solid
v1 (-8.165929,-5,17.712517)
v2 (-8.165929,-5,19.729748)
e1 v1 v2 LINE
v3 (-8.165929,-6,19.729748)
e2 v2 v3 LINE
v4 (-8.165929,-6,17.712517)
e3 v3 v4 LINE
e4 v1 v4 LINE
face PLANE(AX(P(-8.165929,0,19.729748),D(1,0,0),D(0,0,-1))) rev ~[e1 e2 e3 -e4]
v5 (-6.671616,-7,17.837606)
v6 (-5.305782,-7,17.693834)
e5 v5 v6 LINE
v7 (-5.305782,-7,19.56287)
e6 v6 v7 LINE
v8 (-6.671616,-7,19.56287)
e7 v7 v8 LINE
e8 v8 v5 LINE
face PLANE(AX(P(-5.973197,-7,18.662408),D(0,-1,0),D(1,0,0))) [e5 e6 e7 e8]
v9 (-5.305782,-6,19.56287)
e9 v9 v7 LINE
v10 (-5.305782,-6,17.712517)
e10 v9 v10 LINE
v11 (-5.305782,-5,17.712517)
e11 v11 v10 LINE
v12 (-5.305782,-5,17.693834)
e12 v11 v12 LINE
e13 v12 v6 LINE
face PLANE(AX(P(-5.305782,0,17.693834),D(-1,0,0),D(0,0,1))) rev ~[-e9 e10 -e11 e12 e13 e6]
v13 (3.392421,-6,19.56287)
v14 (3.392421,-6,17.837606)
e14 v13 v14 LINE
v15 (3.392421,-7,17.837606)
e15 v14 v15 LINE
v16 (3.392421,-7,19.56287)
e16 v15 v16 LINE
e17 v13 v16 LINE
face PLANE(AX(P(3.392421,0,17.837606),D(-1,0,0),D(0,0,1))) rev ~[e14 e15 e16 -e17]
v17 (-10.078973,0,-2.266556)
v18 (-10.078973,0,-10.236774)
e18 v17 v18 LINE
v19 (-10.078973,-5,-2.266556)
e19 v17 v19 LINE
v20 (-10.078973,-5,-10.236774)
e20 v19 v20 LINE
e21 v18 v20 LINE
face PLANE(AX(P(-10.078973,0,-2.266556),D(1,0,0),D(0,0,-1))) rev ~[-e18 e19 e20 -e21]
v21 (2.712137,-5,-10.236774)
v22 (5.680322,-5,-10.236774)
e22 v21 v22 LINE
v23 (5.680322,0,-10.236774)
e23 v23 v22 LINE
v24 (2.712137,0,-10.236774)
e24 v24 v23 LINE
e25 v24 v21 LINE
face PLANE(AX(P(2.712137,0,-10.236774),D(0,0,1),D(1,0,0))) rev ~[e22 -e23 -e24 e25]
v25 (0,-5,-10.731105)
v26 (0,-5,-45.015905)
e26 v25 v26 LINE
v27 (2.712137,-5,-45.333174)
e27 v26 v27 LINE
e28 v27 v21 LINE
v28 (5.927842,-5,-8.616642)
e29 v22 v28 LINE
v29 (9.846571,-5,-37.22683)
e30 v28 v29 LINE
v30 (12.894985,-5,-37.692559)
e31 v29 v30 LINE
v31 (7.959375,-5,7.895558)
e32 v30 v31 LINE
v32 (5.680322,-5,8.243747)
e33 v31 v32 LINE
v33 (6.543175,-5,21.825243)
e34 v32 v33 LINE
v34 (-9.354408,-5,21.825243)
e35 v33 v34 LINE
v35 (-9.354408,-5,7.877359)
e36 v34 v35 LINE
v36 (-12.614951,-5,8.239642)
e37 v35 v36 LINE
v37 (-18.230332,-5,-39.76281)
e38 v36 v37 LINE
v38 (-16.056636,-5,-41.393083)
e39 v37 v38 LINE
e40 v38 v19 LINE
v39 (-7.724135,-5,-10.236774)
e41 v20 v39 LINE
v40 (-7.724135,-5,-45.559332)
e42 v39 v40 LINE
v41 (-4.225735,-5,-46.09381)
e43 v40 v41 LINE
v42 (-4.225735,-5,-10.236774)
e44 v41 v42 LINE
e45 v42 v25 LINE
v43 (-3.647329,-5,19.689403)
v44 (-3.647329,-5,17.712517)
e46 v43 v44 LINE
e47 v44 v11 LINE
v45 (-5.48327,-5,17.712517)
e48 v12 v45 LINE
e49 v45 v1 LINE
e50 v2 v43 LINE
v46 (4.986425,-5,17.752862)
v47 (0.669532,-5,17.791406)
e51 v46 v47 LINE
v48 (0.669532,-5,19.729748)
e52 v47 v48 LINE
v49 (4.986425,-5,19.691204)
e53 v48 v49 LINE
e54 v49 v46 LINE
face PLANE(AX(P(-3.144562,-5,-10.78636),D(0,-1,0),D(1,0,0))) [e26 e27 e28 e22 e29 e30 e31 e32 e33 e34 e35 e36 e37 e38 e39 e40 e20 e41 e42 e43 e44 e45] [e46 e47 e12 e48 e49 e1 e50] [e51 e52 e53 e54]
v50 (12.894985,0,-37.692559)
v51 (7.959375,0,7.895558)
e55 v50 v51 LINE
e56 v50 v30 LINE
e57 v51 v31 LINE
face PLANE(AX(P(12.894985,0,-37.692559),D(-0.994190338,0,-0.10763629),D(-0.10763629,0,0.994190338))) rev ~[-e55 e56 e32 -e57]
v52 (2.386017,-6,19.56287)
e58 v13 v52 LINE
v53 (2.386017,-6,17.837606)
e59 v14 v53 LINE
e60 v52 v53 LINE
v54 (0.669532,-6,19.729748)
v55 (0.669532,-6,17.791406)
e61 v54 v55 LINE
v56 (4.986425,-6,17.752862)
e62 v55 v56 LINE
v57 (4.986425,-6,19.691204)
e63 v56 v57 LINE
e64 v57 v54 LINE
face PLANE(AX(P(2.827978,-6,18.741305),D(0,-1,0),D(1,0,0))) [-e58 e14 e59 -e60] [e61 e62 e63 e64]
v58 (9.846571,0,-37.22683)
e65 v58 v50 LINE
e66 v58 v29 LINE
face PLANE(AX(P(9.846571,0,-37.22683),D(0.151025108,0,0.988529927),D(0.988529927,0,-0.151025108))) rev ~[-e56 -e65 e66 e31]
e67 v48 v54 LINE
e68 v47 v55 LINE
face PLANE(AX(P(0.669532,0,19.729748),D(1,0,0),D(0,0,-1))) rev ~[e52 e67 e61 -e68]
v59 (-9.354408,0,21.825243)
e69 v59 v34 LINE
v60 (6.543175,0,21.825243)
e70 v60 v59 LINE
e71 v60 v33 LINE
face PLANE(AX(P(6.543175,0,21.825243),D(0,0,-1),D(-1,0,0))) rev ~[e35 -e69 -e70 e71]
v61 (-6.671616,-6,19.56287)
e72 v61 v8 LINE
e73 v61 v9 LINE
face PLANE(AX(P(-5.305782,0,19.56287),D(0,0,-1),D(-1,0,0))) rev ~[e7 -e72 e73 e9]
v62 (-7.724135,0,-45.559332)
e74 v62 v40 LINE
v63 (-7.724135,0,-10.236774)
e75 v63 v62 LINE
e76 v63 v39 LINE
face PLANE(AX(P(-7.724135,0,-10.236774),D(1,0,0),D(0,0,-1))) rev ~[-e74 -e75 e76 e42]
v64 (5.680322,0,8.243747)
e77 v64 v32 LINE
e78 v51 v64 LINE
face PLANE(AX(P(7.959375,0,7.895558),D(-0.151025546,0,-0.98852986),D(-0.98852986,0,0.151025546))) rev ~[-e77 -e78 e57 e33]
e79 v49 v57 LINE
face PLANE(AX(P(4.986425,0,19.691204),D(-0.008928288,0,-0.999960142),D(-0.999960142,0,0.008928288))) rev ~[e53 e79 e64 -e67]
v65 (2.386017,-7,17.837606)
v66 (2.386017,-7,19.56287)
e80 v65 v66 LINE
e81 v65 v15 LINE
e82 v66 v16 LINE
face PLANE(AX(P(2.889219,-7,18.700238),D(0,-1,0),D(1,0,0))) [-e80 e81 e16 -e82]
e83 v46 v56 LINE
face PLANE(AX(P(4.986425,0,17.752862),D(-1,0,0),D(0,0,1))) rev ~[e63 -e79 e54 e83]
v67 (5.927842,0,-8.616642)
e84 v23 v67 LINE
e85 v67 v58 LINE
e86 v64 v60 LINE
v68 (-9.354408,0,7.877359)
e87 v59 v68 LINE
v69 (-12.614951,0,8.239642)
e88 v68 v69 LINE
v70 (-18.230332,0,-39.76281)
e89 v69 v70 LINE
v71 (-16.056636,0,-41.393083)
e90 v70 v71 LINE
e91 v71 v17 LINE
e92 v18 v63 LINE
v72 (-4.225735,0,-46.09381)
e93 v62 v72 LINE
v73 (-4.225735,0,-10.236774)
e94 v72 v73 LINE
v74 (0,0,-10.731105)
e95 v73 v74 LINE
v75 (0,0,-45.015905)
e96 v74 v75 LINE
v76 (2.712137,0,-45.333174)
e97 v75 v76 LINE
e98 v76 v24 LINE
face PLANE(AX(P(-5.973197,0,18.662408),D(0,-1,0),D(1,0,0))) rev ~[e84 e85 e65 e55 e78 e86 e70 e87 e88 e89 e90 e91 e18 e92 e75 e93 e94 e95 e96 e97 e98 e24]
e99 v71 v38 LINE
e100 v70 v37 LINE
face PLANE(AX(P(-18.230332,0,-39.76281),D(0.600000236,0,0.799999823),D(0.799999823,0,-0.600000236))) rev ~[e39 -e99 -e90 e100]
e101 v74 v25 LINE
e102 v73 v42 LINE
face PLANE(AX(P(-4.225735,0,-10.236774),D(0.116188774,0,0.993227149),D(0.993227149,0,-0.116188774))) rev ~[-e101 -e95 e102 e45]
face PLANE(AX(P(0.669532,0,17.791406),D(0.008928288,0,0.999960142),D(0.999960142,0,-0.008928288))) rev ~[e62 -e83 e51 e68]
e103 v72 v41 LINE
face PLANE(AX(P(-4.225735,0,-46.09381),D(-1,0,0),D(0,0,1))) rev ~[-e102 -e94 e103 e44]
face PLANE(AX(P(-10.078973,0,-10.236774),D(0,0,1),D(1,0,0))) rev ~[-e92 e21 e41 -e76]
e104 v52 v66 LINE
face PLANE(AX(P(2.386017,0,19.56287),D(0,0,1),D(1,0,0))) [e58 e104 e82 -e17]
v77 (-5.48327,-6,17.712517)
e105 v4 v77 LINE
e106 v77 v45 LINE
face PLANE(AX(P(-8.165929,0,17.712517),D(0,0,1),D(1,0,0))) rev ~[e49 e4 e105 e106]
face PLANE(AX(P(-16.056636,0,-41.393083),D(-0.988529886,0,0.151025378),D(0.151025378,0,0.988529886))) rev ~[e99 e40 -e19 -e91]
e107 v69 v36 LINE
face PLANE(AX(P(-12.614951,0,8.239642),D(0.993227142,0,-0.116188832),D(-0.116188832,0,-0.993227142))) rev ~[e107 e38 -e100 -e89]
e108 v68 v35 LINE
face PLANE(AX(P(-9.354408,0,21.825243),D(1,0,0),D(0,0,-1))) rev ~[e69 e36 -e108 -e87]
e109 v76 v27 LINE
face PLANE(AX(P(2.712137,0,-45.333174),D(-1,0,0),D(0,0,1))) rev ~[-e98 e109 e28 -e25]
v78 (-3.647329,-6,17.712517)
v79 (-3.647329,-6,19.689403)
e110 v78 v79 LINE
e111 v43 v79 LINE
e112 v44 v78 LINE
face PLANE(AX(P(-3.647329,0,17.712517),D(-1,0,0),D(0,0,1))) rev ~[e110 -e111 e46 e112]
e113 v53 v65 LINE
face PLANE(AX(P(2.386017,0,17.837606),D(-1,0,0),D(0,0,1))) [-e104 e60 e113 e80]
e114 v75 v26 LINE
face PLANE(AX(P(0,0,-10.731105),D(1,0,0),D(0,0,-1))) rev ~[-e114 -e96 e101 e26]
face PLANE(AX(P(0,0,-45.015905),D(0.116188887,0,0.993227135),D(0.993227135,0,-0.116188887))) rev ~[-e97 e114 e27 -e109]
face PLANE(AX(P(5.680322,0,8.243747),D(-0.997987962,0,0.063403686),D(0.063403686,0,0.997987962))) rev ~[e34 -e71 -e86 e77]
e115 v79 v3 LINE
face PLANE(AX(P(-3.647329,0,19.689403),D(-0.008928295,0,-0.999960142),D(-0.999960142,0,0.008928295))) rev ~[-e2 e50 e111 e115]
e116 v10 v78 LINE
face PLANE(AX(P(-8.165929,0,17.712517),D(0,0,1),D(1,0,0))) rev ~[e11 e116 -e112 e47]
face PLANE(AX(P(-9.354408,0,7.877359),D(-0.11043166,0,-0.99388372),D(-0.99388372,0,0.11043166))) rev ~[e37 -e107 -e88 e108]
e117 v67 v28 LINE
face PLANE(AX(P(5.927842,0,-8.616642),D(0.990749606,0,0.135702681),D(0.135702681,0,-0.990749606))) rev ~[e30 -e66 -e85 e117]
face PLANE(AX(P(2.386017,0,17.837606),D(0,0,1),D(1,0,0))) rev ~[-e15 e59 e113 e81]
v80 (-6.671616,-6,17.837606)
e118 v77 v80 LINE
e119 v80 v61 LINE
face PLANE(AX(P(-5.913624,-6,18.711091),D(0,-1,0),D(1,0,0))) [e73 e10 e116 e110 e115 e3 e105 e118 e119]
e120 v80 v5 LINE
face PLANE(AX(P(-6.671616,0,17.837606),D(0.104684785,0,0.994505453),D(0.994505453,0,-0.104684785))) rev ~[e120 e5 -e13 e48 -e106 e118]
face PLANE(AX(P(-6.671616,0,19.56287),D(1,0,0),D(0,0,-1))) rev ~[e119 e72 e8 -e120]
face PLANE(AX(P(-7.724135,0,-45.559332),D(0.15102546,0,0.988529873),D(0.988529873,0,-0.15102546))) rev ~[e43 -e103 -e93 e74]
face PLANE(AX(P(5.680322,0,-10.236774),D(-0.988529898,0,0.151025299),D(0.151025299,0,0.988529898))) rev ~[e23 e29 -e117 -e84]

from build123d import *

# Parameters (mm, degrees)
F1_DEPTH = 5
F3_DEPTH = 6
F4_W     = 1.006404
F4_H     = 1.725264
F5_DEPTH = 7


with BuildPart() as f1:
    # F0 (on Front) → F1 (new body)
    with BuildSketch(Plane.XZ):
        Polygon((-9.354408, 7.877359), (-12.614951, 8.239642), (-18.230332, -39.76281), (-16.056636, -41.393083), (-10.078973, -2.266556), (-10.078973, -10.236774), (-7.724135, -10.236774), (-4.225735, -10.236774), (2.712137, -10.236774), (5.680322, -10.236774), (5.927842, -8.616642), (9.846571, -37.22683), (12.894985, -37.692559), (7.959375, 7.895558), (5.680322, 8.243747), (6.543175, 21.825243), (-9.354408, 21.825243), align=None)
        Polygon((-4.225735, -10.236774), (-7.724135, -10.236774), (-7.724135, -45.559332), (-4.225735, -46.09381), align=None)
        Polygon((2.712137, -10.236774), (-4.225735, -10.236774), (0, -10.731105), (0, -45.015905), (2.712137, -45.333174), align=None)
    extrude(amount=F1_DEPTH)

    # F2 (on Front) → F3 (join)
    with BuildSketch(Plane.XZ):
        Polygon((-3.647329, 19.689403), (-8.165929, 19.729748), (-8.165929, 17.712517), (-3.647329, 17.712517), align=None)
        Polygon((4.986425, 17.752862), (4.986425, 19.366648), (4.986425, 19.691204), (0.669532, 19.729748), (0.669532, 17.791406), align=None)
    extrude(amount=F3_DEPTH)

    # F4 (on Front) → F5 (join)
    with BuildSketch(Plane.XZ):
        Polygon((-6.671616, 19.56287), (-6.671616, 17.837606), (-5.305782, 17.693834), (-5.305782, 19.56287), align=None)
        with Locations((2.889219, 18.700238)):
            Rectangle(F4_W, F4_H)
    extrude(amount=F5_DEPTH)


solid = f1.part
